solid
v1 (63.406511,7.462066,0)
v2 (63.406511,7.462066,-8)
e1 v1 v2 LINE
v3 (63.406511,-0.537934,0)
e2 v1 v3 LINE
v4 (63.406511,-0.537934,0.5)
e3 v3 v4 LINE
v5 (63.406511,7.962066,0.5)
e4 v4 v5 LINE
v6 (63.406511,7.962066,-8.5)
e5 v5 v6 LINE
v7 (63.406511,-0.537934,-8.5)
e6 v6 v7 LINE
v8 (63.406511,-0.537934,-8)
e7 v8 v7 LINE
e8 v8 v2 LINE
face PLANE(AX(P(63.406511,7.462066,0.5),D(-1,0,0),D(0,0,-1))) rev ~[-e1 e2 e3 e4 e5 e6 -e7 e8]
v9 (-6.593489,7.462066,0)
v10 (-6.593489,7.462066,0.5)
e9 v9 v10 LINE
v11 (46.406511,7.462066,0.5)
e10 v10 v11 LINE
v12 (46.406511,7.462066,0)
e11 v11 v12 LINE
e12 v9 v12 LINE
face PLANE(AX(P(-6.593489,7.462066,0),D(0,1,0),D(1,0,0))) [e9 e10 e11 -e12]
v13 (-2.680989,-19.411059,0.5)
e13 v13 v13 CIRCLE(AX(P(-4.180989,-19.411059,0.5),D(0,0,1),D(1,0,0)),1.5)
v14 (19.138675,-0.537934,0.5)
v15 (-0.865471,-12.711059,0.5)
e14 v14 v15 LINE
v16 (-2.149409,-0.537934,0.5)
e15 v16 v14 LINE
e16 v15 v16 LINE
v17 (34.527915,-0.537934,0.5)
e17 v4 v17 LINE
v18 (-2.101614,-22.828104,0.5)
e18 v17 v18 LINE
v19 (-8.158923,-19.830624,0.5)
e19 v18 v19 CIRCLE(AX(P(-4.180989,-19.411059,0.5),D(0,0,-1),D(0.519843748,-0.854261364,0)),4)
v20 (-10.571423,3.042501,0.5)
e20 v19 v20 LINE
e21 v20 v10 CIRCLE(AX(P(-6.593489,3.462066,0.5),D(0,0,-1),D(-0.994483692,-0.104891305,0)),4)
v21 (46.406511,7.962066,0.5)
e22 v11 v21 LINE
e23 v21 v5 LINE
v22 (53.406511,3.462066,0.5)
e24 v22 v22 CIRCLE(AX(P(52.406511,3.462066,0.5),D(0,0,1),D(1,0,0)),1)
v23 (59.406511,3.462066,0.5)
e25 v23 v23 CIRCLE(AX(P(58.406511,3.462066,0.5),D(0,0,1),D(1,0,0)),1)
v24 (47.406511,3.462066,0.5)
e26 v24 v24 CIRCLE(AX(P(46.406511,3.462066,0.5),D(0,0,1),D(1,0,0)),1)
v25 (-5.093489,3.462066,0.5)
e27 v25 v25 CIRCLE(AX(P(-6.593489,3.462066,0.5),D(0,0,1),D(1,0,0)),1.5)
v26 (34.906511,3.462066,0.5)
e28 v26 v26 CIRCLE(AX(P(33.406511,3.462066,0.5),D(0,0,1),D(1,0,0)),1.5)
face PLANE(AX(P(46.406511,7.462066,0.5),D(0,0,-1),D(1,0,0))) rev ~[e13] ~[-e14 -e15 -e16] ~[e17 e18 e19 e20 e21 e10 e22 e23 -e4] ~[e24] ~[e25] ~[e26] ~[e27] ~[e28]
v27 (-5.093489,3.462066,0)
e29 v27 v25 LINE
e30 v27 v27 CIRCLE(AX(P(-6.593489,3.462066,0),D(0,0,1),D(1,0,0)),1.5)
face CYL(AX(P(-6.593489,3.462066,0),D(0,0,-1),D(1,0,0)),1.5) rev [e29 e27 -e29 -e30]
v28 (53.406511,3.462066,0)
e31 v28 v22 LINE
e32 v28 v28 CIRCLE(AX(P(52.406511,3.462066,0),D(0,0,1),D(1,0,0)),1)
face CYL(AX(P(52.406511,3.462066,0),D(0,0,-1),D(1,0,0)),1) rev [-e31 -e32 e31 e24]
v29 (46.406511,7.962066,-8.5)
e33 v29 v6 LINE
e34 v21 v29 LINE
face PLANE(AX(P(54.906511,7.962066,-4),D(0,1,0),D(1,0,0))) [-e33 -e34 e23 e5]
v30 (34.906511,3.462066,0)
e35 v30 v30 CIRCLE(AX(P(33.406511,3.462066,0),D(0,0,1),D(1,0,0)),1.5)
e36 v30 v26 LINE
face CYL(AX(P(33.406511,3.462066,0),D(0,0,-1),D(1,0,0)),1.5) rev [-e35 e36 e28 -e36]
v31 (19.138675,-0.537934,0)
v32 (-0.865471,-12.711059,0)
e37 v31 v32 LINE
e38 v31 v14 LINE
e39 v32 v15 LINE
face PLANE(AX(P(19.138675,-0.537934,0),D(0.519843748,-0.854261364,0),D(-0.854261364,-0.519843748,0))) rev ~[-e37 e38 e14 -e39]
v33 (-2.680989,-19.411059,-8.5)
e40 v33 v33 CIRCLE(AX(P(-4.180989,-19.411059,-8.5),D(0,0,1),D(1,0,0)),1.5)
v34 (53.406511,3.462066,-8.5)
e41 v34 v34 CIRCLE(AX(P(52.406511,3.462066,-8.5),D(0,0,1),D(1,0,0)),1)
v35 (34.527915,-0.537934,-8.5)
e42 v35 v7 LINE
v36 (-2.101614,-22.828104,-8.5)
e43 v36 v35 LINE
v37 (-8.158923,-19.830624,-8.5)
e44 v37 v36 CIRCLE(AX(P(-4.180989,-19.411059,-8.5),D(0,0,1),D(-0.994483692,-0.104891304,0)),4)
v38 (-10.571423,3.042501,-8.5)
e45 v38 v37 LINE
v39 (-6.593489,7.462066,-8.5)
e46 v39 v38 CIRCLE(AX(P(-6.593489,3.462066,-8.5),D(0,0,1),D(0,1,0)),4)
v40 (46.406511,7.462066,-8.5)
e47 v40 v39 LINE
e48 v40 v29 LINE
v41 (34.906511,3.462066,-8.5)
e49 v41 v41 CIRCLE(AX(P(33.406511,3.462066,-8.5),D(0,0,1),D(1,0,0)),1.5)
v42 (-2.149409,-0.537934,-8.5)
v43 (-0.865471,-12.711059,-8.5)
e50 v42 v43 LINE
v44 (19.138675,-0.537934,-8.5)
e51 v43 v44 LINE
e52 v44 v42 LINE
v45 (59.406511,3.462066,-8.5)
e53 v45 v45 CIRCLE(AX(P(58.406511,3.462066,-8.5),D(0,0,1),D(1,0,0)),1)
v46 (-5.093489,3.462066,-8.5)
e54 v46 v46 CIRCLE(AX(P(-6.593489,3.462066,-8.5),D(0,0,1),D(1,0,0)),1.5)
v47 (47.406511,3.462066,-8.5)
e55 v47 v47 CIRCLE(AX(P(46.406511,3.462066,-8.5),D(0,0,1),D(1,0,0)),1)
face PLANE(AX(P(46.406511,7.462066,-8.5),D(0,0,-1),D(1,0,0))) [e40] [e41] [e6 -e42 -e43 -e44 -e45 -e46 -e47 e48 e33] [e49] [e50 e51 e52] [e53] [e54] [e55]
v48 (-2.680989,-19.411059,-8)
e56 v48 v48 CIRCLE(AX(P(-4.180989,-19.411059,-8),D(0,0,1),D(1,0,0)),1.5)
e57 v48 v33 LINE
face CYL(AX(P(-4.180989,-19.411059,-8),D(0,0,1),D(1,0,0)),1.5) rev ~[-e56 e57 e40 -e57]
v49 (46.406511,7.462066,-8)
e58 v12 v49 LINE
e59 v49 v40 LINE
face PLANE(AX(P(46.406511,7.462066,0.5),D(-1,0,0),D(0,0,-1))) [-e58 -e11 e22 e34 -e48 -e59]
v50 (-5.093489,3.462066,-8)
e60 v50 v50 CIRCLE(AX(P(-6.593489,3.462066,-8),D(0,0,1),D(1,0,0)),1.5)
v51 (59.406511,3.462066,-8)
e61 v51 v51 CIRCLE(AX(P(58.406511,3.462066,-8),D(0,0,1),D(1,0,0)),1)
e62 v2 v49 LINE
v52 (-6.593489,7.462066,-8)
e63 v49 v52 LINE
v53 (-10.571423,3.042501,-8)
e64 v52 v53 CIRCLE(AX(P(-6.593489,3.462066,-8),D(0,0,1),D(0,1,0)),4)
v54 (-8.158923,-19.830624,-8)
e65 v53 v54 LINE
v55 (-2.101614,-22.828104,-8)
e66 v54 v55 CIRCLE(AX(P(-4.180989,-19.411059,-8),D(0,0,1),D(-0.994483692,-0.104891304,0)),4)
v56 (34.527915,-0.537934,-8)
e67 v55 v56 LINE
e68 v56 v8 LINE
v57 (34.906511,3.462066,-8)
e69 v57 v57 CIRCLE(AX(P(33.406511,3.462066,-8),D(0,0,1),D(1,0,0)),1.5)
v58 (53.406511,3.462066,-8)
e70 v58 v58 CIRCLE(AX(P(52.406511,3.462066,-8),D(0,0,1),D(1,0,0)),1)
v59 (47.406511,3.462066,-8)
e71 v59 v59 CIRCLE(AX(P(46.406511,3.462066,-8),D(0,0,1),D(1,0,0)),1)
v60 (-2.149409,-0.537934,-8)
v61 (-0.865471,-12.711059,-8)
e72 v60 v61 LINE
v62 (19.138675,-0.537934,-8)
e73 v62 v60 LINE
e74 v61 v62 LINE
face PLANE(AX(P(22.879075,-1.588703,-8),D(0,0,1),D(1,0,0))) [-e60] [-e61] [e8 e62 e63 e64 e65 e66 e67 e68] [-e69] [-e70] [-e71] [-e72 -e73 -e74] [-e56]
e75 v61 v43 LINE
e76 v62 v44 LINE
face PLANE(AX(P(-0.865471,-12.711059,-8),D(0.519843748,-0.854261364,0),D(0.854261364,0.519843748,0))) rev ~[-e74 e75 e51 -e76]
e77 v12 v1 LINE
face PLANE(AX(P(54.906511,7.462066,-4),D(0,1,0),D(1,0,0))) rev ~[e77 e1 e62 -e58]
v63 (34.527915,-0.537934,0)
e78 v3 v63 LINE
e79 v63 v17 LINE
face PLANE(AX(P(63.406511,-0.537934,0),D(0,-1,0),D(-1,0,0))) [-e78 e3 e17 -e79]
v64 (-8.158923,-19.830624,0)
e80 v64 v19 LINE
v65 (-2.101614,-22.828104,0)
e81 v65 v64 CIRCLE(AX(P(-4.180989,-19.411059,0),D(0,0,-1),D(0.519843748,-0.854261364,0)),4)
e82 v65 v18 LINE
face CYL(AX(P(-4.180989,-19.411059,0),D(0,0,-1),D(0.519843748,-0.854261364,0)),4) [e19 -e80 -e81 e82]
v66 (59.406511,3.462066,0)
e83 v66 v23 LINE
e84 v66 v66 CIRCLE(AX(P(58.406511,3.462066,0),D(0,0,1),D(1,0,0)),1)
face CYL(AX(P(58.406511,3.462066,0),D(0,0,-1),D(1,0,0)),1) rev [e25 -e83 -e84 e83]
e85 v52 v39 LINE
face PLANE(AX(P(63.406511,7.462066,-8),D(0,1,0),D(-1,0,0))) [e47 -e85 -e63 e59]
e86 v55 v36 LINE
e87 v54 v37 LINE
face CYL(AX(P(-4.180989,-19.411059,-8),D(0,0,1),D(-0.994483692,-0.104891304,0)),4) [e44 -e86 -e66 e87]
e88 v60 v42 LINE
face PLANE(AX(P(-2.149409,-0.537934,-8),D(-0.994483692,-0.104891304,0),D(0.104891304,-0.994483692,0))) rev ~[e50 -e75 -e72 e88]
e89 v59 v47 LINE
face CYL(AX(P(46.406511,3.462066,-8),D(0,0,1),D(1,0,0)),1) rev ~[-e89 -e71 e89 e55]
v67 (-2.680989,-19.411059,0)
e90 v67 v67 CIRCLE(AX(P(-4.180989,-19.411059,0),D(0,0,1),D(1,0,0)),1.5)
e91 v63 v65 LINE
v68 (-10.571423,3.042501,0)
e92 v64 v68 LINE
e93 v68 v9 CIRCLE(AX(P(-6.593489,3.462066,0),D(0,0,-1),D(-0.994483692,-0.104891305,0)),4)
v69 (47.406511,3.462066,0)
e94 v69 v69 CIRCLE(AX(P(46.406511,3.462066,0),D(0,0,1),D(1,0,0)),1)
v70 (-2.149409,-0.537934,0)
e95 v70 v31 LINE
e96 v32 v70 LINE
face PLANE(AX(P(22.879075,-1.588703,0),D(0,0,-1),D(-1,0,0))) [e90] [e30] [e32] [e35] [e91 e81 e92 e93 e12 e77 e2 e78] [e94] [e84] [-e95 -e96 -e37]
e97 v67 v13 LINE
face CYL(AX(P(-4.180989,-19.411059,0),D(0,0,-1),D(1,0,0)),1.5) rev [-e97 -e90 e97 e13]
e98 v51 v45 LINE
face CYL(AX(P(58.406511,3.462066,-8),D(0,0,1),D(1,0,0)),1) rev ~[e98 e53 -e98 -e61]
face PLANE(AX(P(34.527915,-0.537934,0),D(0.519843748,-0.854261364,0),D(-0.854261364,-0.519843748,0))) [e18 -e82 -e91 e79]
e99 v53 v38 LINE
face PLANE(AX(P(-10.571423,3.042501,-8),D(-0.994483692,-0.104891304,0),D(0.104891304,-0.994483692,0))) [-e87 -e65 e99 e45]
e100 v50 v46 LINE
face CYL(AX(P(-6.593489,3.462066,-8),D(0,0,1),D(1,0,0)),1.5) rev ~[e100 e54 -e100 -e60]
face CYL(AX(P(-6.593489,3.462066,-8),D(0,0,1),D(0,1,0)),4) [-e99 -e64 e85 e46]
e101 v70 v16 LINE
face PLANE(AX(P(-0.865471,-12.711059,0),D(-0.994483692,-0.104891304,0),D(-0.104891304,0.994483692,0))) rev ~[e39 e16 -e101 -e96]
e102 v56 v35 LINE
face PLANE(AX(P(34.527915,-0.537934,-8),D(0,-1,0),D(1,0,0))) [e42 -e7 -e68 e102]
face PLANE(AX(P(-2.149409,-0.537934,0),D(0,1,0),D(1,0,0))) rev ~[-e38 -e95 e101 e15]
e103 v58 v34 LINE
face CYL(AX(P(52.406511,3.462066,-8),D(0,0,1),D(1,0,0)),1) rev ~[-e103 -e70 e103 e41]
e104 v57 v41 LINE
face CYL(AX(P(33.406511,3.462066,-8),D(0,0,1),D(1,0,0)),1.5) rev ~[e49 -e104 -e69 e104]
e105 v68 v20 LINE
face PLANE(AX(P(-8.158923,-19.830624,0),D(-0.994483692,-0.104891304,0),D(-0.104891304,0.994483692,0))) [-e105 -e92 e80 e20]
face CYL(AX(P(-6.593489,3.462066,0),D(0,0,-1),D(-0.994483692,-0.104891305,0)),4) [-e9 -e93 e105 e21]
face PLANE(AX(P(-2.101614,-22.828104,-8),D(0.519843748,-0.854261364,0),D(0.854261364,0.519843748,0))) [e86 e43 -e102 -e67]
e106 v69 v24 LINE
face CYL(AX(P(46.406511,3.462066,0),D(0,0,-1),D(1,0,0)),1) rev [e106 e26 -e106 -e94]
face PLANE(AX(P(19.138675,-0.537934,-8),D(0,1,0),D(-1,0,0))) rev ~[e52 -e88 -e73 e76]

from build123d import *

# Parameters (mm, degrees)
SKETCH_1_R      = 1.5
SKETCH_1_R_2    = 1
EXTRUDE_1_DEPTH = 0.5
SKETCH_2_R      = 1.5
SKETCH_2_R_2    = 1
EXTRUDE_2_DEPTH = 0.5
SKETCH_3_W      = 17
SKETCH_3_H      = 9
EXTRUDE_3_DEPTH = 0.5


with BuildPart() as part:
    # 草图1 → 凸台-拉伸1 (new body)
    with BuildSketch(Plane.XY):
        with BuildLine():
            Line((-6.593488685, 7.462066188), (63.406511315, 7.462066188))
            Line((63.406511315, 7.462066188), (63.406511315, -0.537933812))
            Line((63.406511315, -0.537933812), (34.527914712, -0.537933812))
            Line((34.527914712, -0.537933812), (-2.101613692, -22.82810419))
            ThreePointArc((-2.101613692, -22.82810419), (-5.955067108, -22.996117417), (-8.158923454, -19.830623953))
            Line((-8.158923454, -19.830623953), (-10.571423454, 3.04250097))
            ThreePointArc((-10.571423454, 3.04250097), (-9.566556198, 6.138046301), (-6.593488685, 7.462066188))
        make_face()
        with Locations((-6.593488685, 3.462066188)):
            Circle(SKETCH_1_R, mode=Mode.SUBTRACT)
        with Locations((33.406511315, 3.462066188)):
            Circle(SKETCH_1_R, mode=Mode.SUBTRACT)
        with Locations((-4.180988685, -19.411058735)):
            Circle(SKETCH_1_R, mode=Mode.SUBTRACT)
        with Locations((58.406511315, 3.462066188)):
            Circle(SKETCH_1_R_2, mode=Mode.SUBTRACT)
        with Locations((52.406511315, 3.462066188)):
            Circle(SKETCH_1_R_2, mode=Mode.SUBTRACT)
        with Locations((46.406511315, 3.462066188)):
            Circle(SKETCH_1_R_2, mode=Mode.SUBTRACT)
        Polygon((-2.149408554, -0.537933812), (19.138675105, -0.537933812), (-0.865471009, -12.711058735), align=None, mode=Mode.SUBTRACT)
    extrude(amount=EXTRUDE_1_DEPTH)



with BuildPart() as body_2:
    # 草图2 → 凸台-拉伸2 (new body)
    with BuildSketch(Plane.XY.offset(-8)):
        with BuildLine():
            Line((-2.101613692, -22.82810419), (34.527914712, -0.537933812))
            Line((34.527914712, -0.537933812), (63.406511315, -0.537933812))
            Line((63.406511315, -0.537933812), (63.406511315, 7.462066188))
            Line((63.406511315, 7.462066188), (-6.593488685, 7.462066188))
            ThreePointArc((-6.593488685, 7.462066188), (-9.566556198, 6.138046301), (-10.571423454, 3.04250097))
            Line((-10.571423454, 3.04250097), (-8.158923454, -19.830623953))
            ThreePointArc((-8.158923454, -19.830623953), (-5.955067108, -22.996117417), (-2.101613692, -22.82810419))
        make_face()
        with Locations((-4.180988685, -19.411058735)):
            Circle(SKETCH_2_R, mode=Mode.SUBTRACT)
        with Locations((33.406511315, 3.462066188)):
            Circle(SKETCH_2_R, mode=Mode.SUBTRACT)
        with Locations((-6.593488685, 3.462066188)):
            Circle(SKETCH_2_R, mode=Mode.SUBTRACT)
        with Locations((52.406511315, 3.462066188)):
            Circle(SKETCH_2_R_2, mode=Mode.SUBTRACT)
        with Locations((58.406511315, 3.462066188)):
            Circle(SKETCH_2_R_2, mode=Mode.SUBTRACT)
        with Locations((46.406511315, 3.462066188)):
            Circle(SKETCH_2_R_2, mode=Mode.SUBTRACT)
        Polygon((-0.865471009, -12.711058735), (19.138675105, -0.537933812), (-2.149408554, -0.537933812), align=None, mode=Mode.SUBTRACT)
    extrude(amount=-EXTRUDE_2_DEPTH)


with BuildPart() as part_1:
    add(part.part)

    add(body_2.part)  # 凸台-拉伸3 merges body 2
    # 草图3 → 凸台-拉伸3 (add)
    with BuildSketch(Plane(origin=(0, 7.462066188, 0), x_dir=(1, 0, 0), z_dir=(0, 1, 0))):
        with Locations((54.906511315, 4)):
            Rectangle(SKETCH_3_W, SKETCH_3_H)
    extrude(amount=EXTRUDE_3_DEPTH)


solid = part_1.part
